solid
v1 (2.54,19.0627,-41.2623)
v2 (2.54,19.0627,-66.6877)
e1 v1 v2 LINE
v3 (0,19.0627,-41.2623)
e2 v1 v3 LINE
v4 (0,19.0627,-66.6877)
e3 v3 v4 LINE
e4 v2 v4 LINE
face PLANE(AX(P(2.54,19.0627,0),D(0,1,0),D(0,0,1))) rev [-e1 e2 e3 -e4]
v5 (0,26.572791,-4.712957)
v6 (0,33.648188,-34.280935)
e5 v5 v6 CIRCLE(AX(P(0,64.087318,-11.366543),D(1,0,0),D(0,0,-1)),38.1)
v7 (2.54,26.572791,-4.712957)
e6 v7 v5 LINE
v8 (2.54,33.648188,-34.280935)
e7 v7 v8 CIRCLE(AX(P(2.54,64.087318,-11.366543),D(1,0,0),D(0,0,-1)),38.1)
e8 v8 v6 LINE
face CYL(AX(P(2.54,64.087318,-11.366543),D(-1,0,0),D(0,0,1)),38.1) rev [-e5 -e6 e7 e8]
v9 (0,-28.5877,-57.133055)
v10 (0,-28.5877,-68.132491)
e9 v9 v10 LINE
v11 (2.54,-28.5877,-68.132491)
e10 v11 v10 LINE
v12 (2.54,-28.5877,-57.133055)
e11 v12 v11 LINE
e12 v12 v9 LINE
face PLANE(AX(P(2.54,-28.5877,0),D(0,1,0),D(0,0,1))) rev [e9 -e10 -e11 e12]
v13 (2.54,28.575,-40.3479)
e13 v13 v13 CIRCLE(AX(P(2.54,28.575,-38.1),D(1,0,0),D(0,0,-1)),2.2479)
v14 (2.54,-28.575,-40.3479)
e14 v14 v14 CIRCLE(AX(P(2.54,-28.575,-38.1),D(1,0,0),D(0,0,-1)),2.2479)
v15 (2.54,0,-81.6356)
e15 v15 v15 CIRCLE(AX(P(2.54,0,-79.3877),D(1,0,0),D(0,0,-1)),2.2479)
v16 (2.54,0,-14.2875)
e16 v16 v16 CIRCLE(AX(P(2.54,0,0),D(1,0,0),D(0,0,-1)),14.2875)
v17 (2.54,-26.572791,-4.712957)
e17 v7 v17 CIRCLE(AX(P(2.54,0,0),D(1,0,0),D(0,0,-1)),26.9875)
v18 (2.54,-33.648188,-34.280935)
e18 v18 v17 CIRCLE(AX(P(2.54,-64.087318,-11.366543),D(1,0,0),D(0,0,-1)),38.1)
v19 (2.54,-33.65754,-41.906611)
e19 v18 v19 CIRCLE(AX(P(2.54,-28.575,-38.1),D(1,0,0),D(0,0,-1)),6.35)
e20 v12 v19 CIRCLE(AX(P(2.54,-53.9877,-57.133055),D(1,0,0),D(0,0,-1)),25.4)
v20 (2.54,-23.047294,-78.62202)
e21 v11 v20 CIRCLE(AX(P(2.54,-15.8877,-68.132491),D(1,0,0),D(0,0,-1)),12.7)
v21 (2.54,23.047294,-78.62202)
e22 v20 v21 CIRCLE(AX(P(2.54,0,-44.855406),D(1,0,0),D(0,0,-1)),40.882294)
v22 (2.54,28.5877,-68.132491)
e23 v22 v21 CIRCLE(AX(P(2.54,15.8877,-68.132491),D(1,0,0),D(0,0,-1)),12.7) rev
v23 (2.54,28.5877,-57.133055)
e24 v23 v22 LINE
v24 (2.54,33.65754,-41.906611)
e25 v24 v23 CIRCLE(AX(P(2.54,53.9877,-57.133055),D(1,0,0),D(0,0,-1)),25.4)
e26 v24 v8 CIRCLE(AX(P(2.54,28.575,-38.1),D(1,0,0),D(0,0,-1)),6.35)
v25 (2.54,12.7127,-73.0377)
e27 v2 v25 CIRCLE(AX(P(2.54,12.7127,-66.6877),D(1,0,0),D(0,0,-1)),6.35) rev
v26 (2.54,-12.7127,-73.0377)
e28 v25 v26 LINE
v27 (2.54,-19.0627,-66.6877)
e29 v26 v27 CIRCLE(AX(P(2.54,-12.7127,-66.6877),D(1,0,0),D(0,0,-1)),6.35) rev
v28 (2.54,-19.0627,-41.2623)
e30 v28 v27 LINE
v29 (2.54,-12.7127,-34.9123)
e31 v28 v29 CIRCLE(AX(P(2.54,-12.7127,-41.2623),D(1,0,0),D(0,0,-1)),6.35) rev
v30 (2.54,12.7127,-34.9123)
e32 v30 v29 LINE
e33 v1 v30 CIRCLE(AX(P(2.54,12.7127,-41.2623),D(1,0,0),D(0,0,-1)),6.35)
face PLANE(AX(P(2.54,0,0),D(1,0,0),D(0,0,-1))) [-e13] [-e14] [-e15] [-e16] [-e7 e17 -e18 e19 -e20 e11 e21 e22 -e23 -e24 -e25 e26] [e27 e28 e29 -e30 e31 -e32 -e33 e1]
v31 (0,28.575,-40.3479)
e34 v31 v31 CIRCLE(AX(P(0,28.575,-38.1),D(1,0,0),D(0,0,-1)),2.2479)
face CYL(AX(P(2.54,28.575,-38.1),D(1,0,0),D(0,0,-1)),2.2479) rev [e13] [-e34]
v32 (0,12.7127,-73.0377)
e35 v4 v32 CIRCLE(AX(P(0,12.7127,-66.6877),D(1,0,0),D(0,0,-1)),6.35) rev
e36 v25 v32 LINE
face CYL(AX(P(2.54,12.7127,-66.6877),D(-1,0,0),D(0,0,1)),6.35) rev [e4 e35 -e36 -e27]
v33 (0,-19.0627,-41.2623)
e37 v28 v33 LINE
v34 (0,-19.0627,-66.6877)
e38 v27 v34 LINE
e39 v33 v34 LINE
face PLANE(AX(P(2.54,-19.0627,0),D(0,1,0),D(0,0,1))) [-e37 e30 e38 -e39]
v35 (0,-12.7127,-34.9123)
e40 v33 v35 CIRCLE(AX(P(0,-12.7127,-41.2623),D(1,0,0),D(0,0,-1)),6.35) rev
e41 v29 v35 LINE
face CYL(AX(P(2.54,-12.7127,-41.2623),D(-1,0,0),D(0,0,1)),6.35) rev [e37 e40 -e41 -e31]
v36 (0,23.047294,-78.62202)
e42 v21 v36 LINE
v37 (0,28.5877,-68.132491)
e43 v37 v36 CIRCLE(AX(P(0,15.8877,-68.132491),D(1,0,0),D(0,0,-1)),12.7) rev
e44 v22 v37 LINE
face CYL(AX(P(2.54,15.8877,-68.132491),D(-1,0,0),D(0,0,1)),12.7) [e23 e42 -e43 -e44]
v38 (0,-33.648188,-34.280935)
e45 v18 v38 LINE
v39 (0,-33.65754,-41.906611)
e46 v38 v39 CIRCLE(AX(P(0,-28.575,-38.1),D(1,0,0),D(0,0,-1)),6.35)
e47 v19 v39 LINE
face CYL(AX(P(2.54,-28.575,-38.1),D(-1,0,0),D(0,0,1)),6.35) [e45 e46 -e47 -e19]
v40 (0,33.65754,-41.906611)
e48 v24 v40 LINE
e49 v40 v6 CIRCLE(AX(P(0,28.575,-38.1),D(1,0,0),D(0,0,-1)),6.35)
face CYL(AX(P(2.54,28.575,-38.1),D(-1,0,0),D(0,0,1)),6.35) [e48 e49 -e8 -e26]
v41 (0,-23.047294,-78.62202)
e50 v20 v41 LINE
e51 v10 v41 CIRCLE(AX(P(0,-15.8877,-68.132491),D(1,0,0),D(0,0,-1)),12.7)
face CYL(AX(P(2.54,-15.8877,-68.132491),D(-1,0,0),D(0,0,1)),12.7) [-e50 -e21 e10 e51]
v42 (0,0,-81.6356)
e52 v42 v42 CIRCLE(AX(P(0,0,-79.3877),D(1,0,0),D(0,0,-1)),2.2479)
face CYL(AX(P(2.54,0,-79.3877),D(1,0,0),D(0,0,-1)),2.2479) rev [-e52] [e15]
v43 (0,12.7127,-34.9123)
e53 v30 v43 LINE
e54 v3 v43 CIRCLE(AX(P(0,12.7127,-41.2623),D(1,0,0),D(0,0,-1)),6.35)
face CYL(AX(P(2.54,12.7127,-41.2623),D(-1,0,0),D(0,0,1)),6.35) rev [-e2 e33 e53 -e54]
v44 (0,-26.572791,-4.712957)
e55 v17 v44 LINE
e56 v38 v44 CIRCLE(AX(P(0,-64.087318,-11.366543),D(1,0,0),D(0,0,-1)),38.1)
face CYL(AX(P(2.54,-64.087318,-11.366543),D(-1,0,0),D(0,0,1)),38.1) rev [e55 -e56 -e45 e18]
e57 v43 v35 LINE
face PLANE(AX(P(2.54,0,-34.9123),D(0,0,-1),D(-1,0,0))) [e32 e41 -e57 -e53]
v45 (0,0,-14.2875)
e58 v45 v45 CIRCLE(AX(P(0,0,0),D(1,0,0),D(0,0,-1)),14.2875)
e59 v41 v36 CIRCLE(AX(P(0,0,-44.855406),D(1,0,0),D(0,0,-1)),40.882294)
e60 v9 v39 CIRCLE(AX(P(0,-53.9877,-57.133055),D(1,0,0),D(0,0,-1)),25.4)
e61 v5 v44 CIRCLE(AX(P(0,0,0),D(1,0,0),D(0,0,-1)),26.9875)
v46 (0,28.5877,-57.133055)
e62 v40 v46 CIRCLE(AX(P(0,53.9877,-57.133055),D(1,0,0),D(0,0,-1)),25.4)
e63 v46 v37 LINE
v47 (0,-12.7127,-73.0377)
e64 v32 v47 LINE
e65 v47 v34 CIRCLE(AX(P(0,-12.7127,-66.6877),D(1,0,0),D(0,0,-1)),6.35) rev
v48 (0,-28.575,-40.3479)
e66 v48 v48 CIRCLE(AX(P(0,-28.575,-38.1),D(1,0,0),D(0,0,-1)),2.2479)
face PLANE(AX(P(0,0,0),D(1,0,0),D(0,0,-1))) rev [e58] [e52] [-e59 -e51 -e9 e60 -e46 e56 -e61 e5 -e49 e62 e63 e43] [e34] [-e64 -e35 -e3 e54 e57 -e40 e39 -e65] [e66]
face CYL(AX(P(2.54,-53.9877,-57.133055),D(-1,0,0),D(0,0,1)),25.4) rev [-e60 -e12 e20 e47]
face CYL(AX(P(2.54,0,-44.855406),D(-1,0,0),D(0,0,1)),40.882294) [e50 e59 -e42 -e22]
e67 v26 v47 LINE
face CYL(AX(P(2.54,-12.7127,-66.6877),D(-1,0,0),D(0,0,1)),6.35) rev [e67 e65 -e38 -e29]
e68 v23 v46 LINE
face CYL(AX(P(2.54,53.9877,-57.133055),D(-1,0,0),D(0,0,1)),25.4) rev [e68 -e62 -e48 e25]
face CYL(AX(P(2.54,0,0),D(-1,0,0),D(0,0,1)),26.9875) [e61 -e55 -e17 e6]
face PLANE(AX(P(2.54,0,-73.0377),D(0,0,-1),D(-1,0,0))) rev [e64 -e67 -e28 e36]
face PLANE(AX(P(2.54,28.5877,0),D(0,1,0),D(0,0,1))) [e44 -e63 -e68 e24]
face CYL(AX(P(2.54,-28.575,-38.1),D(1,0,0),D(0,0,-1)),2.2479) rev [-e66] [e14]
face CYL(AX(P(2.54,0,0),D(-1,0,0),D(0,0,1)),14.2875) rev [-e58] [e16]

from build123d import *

# Parameters (mm, degrees)
SKETCH1_R             = 14.2875
BOSS_EXTRUDE1_DEPTH   = 2.54
F_8_CLEARANCE_HOLE1_D = 4.4958


with BuildPart() as part:
    # Sketch1 → Boss-Extrude1 (new body)
    with BuildSketch(Plane(origin=(0, 0, 0), x_dir=(0, 0, -1), z_dir=(1, 0, 0))):
        with BuildLine():
            Line((57.133054897, -28.5877), (68.132491023, -28.5877))
            ThreePointArc((68.132491023, -28.5877), (74.063897019, -27.117500662), (78.622019681, -23.04729416))
            ThreePointArc((78.622019681, -23.04729416), (85.7377, 0), (78.622019681, 23.04729416))
            ThreePointArc((78.622019681, 23.04729416), (74.063897019, 27.117500662), (68.132491023, 28.5877))
            Line((68.132491023, 28.5877), (57.133054897, 28.5877))
            ThreePointArc((57.133054897, 28.5877), (49.108905845, 29.888466983), (41.906610979, 33.65754))
            ThreePointArc((41.906610979, 33.65754), (38.092212748, 34.924995225), (34.280934646, 33.648188329))
            ThreePointArc((34.280934646, 33.648188329), (20.233265061, 27.033421998), (4.712956656, 26.572790516))
            ThreePointArc((4.712956656, 26.572790516), (-26.9875, 0), (4.712956656, -26.572790516))
            ThreePointArc((4.712956656, -26.572790516), (20.233265061, -27.033421998), (34.280934646, -33.648188329))
            ThreePointArc((34.280934646, -33.648188329), (38.092212748, -34.924995225), (41.906610979, -33.65754))
            ThreePointArc((41.906610979, -33.65754), (49.108905845, -29.888466983), (57.133054897, -28.5877))
        make_face()
        Circle(SKETCH1_R, mode=Mode.SUBTRACT)
        with BuildLine():
            Line((41.2623, 19.0627), (66.6877, 19.0627))
            ThreePointArc((66.6877, 19.0627), (71.177828061, 17.202828061), (73.0377, 12.7127))
            Line((73.0377, 12.7127), (73.0377, -12.7127))
            ThreePointArc((73.0377, -12.7127), (71.177828061, -17.202828061), (66.6877, -19.0627))
            Line((66.6877, -19.0627), (41.2623, -19.0627))
            ThreePointArc((41.2623, -19.0627), (36.772171939, -17.202828061), (34.9123, -12.7127))
            Line((34.9123, -12.7127), (34.9123, 12.7127))
            ThreePointArc((34.9123, 12.7127), (36.772171939, 17.202828061), (41.2623, 19.0627))
        make_face(mode=Mode.SUBTRACT)
    extrude(amount=BOSS_EXTRUDE1_DEPTH)

    # #8 Clearance Hole1 (through all)
    with Locations(Plane(origin=(2.54, 0, 0), x_dir=(0, 0, -1), z_dir=(1, 0, 0))):
        with Locations((38.1, 28.575), (79.3877, 0), (38.1, -28.575)):
            Hole(F_8_CLEARANCE_HOLE1_D / 2)


solid = part.part
